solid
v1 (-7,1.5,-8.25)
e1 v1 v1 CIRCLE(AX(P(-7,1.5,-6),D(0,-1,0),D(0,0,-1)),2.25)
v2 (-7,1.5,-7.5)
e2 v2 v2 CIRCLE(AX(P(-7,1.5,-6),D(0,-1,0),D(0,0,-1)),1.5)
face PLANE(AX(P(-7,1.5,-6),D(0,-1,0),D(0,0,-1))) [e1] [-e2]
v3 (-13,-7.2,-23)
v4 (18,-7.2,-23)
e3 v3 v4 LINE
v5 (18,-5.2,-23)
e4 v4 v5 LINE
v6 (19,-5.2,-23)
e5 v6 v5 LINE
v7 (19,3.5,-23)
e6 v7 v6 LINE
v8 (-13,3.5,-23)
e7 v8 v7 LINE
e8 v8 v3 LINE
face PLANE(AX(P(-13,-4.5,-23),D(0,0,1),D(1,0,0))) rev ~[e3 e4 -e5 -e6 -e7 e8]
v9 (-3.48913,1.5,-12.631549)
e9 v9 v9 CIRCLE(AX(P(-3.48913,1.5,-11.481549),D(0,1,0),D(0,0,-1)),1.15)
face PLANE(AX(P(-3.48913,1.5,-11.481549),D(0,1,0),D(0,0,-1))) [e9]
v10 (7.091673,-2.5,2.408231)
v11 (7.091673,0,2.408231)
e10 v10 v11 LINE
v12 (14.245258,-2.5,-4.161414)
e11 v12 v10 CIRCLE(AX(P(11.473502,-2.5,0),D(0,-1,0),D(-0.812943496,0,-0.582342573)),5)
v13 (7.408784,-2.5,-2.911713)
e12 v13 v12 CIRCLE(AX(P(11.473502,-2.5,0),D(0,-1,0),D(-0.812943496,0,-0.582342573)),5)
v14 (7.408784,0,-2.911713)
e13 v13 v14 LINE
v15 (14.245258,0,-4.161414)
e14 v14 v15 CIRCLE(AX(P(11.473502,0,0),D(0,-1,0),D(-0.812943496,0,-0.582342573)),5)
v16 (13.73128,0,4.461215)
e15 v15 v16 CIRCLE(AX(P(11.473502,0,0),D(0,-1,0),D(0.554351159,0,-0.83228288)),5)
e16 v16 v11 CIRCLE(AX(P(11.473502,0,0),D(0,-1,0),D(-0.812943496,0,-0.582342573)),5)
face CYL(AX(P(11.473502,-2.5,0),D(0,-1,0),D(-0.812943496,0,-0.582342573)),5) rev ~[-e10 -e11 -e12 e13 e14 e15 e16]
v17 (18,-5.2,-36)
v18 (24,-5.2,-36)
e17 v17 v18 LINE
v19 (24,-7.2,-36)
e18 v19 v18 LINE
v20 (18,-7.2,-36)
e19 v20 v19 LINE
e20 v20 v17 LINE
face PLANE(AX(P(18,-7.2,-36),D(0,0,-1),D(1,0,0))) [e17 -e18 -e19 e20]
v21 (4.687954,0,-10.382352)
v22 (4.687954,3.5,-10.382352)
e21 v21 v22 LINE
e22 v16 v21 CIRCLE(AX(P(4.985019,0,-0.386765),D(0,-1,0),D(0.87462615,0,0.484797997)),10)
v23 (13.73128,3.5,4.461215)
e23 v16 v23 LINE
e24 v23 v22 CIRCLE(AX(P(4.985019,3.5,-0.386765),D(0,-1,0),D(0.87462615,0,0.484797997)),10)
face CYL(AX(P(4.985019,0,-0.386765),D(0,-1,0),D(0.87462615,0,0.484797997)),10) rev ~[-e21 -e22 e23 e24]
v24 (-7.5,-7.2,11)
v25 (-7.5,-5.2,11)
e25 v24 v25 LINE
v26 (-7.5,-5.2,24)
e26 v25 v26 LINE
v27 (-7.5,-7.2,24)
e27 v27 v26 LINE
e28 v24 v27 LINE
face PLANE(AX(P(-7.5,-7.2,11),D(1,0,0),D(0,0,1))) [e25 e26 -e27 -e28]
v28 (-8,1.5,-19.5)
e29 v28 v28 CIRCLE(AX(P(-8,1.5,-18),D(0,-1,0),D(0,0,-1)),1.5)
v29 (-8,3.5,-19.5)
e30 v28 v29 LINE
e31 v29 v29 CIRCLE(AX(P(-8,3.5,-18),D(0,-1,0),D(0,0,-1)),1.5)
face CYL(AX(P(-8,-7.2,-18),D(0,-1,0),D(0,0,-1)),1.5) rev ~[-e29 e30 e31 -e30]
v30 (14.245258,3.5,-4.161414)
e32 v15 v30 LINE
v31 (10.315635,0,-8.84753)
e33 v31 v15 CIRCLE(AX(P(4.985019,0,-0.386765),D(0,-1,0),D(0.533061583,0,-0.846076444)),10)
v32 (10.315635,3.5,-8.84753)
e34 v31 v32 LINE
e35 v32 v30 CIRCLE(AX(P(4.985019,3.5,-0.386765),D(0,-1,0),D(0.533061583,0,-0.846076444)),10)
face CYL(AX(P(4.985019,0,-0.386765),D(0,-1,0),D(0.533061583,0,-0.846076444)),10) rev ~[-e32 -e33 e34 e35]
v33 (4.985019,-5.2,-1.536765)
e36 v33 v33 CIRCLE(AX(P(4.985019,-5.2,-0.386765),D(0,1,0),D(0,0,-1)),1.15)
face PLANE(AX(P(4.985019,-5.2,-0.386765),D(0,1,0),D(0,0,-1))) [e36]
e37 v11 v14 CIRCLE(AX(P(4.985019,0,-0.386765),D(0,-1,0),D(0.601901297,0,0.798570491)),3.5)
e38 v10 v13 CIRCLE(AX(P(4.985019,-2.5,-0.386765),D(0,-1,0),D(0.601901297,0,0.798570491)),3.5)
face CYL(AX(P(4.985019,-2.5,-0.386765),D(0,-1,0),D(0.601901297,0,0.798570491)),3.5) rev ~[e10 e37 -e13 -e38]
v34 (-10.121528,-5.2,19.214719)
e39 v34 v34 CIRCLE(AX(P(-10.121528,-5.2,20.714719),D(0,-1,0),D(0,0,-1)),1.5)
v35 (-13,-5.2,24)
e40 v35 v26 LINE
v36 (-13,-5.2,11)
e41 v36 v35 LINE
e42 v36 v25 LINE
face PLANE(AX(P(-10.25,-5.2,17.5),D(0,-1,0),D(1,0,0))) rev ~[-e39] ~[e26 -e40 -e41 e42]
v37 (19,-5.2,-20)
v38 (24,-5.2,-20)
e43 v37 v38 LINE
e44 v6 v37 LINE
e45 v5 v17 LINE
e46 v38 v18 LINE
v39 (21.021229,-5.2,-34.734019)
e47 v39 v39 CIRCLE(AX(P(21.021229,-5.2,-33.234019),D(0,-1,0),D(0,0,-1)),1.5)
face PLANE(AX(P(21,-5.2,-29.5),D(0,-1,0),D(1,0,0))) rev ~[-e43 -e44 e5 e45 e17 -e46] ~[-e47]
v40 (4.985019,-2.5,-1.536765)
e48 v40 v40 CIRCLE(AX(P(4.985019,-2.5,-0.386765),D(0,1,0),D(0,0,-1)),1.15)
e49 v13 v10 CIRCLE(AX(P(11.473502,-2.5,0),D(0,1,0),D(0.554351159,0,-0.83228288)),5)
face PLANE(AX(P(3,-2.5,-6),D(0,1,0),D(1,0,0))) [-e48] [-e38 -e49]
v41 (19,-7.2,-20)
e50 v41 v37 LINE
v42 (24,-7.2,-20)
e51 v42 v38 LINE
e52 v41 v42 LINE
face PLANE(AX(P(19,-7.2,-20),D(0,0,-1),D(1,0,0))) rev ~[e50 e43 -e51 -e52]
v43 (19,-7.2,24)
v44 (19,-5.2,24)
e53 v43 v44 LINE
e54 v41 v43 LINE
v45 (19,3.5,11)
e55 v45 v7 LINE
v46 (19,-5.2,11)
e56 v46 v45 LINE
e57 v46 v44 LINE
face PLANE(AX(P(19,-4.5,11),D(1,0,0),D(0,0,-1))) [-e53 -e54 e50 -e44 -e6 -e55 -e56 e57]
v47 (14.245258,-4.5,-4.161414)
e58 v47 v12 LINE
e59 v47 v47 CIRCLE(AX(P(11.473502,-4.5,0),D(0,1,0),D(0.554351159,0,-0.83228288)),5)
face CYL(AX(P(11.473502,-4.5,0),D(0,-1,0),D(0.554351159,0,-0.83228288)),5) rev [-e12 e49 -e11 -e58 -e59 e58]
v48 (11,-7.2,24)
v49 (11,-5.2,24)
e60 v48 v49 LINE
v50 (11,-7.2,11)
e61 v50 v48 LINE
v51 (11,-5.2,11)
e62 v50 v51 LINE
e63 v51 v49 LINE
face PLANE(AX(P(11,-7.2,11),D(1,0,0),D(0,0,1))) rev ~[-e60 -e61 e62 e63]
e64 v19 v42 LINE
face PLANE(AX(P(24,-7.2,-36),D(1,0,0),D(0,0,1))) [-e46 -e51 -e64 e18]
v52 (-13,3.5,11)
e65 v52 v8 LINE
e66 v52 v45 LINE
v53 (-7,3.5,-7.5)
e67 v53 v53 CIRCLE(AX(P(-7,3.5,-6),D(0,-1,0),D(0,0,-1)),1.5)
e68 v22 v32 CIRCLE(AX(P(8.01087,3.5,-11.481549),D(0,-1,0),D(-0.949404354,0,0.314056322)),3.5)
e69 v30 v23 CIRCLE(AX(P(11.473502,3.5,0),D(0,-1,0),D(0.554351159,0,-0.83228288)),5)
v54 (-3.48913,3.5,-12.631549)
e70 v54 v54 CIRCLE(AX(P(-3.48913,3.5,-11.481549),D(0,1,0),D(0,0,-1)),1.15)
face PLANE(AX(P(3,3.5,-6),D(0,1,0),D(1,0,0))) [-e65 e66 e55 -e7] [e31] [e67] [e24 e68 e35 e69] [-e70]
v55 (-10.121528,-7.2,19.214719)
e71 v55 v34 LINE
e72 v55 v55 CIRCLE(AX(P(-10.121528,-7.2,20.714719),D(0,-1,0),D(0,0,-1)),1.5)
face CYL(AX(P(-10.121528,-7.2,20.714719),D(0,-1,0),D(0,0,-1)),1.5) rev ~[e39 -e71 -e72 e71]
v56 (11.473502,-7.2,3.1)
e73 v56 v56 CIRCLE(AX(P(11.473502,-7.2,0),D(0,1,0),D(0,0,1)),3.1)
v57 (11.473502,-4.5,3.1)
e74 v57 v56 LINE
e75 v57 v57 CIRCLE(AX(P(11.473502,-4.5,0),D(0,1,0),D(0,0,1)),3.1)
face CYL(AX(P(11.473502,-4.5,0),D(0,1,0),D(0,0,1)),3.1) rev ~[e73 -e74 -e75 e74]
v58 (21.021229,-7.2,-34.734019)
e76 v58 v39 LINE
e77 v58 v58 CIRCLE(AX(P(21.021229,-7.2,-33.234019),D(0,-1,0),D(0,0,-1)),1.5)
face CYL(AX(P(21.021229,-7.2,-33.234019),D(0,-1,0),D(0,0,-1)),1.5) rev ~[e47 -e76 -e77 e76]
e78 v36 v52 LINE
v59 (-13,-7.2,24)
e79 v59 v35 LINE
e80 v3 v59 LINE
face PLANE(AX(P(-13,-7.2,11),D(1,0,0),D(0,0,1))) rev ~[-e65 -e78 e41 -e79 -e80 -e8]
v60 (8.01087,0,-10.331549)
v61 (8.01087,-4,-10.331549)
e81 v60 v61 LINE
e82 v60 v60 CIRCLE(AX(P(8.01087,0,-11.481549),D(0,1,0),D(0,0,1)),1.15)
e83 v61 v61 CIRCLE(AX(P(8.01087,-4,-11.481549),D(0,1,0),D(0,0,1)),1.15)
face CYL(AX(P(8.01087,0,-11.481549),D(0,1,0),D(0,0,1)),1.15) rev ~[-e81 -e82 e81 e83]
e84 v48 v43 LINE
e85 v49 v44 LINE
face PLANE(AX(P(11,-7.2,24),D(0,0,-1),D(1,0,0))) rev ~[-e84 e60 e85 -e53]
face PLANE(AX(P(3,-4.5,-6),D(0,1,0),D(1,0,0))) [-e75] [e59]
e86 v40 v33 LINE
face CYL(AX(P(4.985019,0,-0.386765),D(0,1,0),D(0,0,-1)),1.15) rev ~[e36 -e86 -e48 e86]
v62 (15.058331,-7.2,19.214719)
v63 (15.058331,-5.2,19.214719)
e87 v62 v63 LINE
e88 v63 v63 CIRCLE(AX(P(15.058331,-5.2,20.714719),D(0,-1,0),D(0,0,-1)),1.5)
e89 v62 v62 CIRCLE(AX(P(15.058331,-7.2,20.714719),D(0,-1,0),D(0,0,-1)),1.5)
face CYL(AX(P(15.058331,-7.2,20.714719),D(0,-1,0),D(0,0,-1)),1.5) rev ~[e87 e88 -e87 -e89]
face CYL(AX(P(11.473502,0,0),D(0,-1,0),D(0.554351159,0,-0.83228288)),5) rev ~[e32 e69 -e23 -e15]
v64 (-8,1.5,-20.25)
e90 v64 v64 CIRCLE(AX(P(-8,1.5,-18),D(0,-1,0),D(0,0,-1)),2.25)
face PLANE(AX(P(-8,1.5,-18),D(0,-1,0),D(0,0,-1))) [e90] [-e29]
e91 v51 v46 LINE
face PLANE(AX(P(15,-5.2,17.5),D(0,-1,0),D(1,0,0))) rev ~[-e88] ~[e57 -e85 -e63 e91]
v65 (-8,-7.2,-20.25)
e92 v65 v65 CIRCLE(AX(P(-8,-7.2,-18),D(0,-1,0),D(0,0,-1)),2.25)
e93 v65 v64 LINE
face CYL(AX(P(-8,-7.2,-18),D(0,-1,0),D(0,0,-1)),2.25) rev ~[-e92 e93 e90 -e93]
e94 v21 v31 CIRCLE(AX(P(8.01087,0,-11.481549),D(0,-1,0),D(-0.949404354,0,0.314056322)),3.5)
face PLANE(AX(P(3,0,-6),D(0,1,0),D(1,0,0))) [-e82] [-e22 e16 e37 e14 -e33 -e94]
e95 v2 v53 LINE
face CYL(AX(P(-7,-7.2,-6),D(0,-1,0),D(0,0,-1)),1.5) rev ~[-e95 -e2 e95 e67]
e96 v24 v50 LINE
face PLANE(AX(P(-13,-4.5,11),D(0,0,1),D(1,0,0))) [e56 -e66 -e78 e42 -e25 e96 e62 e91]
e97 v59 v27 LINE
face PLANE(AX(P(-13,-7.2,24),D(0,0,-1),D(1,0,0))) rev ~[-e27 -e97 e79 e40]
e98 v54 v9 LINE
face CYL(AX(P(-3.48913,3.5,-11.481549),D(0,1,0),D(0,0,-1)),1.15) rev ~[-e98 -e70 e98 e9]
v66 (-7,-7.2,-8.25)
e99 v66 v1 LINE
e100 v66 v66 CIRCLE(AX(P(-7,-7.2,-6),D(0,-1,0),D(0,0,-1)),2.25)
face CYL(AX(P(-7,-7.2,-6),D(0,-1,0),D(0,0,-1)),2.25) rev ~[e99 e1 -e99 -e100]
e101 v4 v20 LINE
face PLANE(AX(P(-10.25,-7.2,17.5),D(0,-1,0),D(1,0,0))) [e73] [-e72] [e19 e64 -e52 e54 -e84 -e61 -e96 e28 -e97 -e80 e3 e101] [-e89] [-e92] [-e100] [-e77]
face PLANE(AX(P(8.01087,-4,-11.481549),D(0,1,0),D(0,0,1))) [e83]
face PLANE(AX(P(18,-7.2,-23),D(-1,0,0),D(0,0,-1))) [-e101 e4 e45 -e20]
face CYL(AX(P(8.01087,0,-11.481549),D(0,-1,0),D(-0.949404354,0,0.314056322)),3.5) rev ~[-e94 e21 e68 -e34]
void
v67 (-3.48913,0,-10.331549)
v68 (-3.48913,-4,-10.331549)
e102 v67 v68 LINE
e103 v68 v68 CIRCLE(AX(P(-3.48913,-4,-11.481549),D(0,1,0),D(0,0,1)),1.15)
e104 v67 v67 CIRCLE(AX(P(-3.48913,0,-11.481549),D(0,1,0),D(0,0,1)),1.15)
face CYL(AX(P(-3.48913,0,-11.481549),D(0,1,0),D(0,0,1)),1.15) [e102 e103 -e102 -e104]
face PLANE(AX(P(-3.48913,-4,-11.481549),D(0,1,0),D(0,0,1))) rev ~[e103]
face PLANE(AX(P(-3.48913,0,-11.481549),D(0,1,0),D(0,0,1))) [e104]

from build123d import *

# Parameters (mm, degrees)
SKETCH_1_W          = 32
SKETCH_1_H          = 34
EXTRUDE_1_DEPTH     = 3.5
EXTRUDE_START       = -2.5
SKETCH_1_30_W       = 32
SKETCH_1_30_H       = 34
EXTRUDE_2_DEPTH     = 2.5
EXTRUDE_START_2     = -4.5
SKETCH_1_31_W       = 32
SKETCH_1_31_H       = 34
SKETCH_1_31_R       = 5
EXTRUDE_3_DEPTH     = 2
SKETCH_1_32_W       = 32
SKETCH_1_32_H       = 34
SKETCH_1_32_R       = 3.1
EXTRUDE_4_DEPTH     = 2.7
SKETCH_2_R          = 1.5
CUT_EXTRUDE_1_DEPTH = 32.693690224
SKETCH_2_3_R        = 2.25
CUT_EXTRUDE_2_DEPTH = 8.7
SKETCH_1_33_R       = 1.15
CUT_EXTRUDE_3_DEPTH = 4
SKETCH_3_W          = 5.5
SKETCH_3_H          = 13
SKETCH_3_R          = 1.5
SKETCH_3_W_2        = 8
SKETCH_3_W_3        = 5
SKETCH_3_H_2        = 3
EXTRUDE_5_DEPTH     = 2
SKETCH_1_34_R       = 1.15
CUT_EXTRUDE_4_DEPTH = 5.2
CUT_EXTRUDE_START   = 3.5
SKETCH_1_37_R       = 1.15
CUT_EXTRUDE_6_DEPTH = 2


with BuildPart() as part:
    # 草图1 → 凸台-拉伸1 (new body)
    with BuildSketch(Plane(origin=(0, 0, 0), x_dir=(1, 0, 0), z_dir=(0, 1, 0))):
        with Locations((3, 6)):
            Rectangle(SKETCH_1_W, SKETCH_1_H)
        with BuildLine():
            ThreePointArc((13.731280316, -4.4612147), (-3.554893366, -4.816108921), (4.687954327, 10.382351934))
            ThreePointArc((4.687954327, 10.382351934), (8.931780662, 14.858222386), (10.315634647, 8.847529713))
            ThreePointArc((10.315634647, 8.847529713), (12.64747139, 6.812247403), (14.245257691, 4.161414399))
            ThreePointArc((14.245257691, 4.161414399), (16.464642722, -0.297511749), (13.731280316, -4.4612147))
        make_face(mode=Mode.SUBTRACT)
    extrude(amount=EXTRUDE_1_DEPTH)

    # 草图1<30> → 凸台-拉伸2 (add)
    with BuildSketch(Plane(origin=(0, 0, 0), x_dir=(1, 0, 0), z_dir=(0, 1, 0)).offset(EXTRUDE_START)):
        with Locations((3, 6)):
            Rectangle(SKETCH_1_30_W, SKETCH_1_30_H)
        with BuildLine():
            ThreePointArc((7.408784414, 2.911712865), (16.464642722, -0.297511749), (7.091673359, -2.408231444))
            ThreePointArc((7.091673359, -2.408231444), (1.49122024, 0.595023498), (7.408784414, 2.911712865))
        make_face(mode=Mode.SUBTRACT)
    extrude(amount=EXTRUDE_2_DEPTH)

    # 草图1<31> → 凸台-拉伸3 (add)
    with BuildSketch(Plane(origin=(0, 0, 0), x_dir=(1, 0, 0), z_dir=(0, 1, 0)).offset(EXTRUDE_START_2)):
        with Locations((3, 6)):
            Rectangle(SKETCH_1_31_W, SKETCH_1_31_H)
        with Locations(Location((11.473501894, 0, 0), (0, 0, 56.333964125))):
            Circle(SKETCH_1_31_R, mode=Mode.SUBTRACT)
    extrude(amount=EXTRUDE_3_DEPTH)

    # 草图1<32> → 凸台-拉伸4 (add)
    with BuildSketch(Plane(origin=(0, 0, 0), x_dir=(1, 0, 0), z_dir=(0, 1, 0)).offset(EXTRUDE_START_2)):
        with Locations((3, 6)):
            Rectangle(SKETCH_1_32_W, SKETCH_1_32_H)
        with Locations(Location((11.473501894, 0, 0), (0, 0, 270))):
            Circle(SKETCH_1_32_R, mode=Mode.SUBTRACT)
    extrude(amount=-EXTRUDE_4_DEPTH)

    # 草图2 → 切除-拉伸1 (cut, through all)
    with BuildSketch(Plane.XZ.offset(7.2)):
        with Locations(Location((-8, -18, 0), (0, 0, 270))):
            Circle(SKETCH_2_R)
        with Locations(Location((-7, -6, 0), (0, 0, 270))):
            Circle(SKETCH_2_R)
    extrude(amount=-CUT_EXTRUDE_1_DEPTH, mode=Mode.SUBTRACT)

    # 草图2<3> → 切除-拉伸2 (cut)
    with BuildSketch(Plane.XZ.offset(7.2)):
        with Locations(Location((-8, -18, 0), (0, 0, 270))):
            Circle(SKETCH_2_3_R)
        with Locations(Location((-7, -6, 0), (0, 0, 270))):
            Circle(SKETCH_2_3_R)
    extrude(amount=-CUT_EXTRUDE_2_DEPTH, mode=Mode.SUBTRACT)

    # 草图1<33> → 切除-拉伸3 (cut)
    with BuildSketch(Plane(origin=(0, 0, 0), x_dir=(1, 0, 0), z_dir=(0, 1, 0))):
        with Locations(Location((-3.489130435, 11.48154906, 0), (0, 0, 270))):
            Circle(SKETCH_1_33_R)
        with Locations(Location((8.010869565, 11.48154906, 0), (0, 0, 270))):
            Circle(SKETCH_1_33_R)
    extrude(amount=-CUT_EXTRUDE_3_DEPTH, mode=Mode.SUBTRACT)

    # 草图3 → 凸台-拉伸5 (add)
    # profile 1 of 4: a face of its own
    with BuildSketch(Plane.XZ.offset(7.2)):
        with Locations((-10.25, 17.5)):
            Rectangle(SKETCH_3_W, SKETCH_3_H)
        with Locations(Location((-10.12152848, 20.714718626, 0), (0, 0, 270))):
            Circle(SKETCH_3_R, mode=Mode.SUBTRACT)
    # profile 2 of 4: a face of its own
    with BuildSketch(Plane.XZ.offset(7.2)):
        with Locations((15, 17.5)):
            Rectangle(SKETCH_3_W_2, SKETCH_3_H)
        with Locations(Location((15.05833067, 20.714718626, 0), (0, 0, 270))):
            Circle(SKETCH_3_R, mode=Mode.SUBTRACT)
    # profile 3 of 4: a face of its own
    with BuildSketch(Plane.XZ.offset(7.2)):
        Polygon((19, -23), (18, -23), (18, -36), (24, -36), (24, -23), align=None)
        with Locations(Location((21.021229109, -33.234018716, 0), (0, 0, 270))):
            Circle(SKETCH_3_R, mode=Mode.SUBTRACT)
    # profile 4 of 4: a face of its own
    with BuildSketch(Plane.XZ.offset(7.2)):
        with Locations((21.5, -21.5)):
            Rectangle(SKETCH_3_W_3, SKETCH_3_H_2)
    extrude(amount=-EXTRUDE_5_DEPTH)

    # 草图1<34> → 切除-拉伸4 (cut)
    with BuildSketch(Plane(origin=(0, 0, 0), x_dir=(1, 0, 0), z_dir=(0, 1, 0))):
        with Locations(Location((4.985018819, 0.386765274, 0), (0, 0, 90))):
            Circle(SKETCH_1_34_R)
    extrude(amount=-CUT_EXTRUDE_4_DEPTH, mode=Mode.SUBTRACT)

    # 草图1<37> → 切除-拉伸6 (cut)
    with BuildSketch(Plane(origin=(0, 0, 0), x_dir=(1, 0, 0), z_dir=(0, 1, 0)).offset(CUT_EXTRUDE_START)):
        with Locations(Location((-3.489130435, 11.48154906, 0), (0, 0, 90))):
            Circle(SKETCH_1_37_R)
    extrude(amount=-CUT_EXTRUDE_6_DEPTH, mode=Mode.SUBTRACT)


solid = part.part
